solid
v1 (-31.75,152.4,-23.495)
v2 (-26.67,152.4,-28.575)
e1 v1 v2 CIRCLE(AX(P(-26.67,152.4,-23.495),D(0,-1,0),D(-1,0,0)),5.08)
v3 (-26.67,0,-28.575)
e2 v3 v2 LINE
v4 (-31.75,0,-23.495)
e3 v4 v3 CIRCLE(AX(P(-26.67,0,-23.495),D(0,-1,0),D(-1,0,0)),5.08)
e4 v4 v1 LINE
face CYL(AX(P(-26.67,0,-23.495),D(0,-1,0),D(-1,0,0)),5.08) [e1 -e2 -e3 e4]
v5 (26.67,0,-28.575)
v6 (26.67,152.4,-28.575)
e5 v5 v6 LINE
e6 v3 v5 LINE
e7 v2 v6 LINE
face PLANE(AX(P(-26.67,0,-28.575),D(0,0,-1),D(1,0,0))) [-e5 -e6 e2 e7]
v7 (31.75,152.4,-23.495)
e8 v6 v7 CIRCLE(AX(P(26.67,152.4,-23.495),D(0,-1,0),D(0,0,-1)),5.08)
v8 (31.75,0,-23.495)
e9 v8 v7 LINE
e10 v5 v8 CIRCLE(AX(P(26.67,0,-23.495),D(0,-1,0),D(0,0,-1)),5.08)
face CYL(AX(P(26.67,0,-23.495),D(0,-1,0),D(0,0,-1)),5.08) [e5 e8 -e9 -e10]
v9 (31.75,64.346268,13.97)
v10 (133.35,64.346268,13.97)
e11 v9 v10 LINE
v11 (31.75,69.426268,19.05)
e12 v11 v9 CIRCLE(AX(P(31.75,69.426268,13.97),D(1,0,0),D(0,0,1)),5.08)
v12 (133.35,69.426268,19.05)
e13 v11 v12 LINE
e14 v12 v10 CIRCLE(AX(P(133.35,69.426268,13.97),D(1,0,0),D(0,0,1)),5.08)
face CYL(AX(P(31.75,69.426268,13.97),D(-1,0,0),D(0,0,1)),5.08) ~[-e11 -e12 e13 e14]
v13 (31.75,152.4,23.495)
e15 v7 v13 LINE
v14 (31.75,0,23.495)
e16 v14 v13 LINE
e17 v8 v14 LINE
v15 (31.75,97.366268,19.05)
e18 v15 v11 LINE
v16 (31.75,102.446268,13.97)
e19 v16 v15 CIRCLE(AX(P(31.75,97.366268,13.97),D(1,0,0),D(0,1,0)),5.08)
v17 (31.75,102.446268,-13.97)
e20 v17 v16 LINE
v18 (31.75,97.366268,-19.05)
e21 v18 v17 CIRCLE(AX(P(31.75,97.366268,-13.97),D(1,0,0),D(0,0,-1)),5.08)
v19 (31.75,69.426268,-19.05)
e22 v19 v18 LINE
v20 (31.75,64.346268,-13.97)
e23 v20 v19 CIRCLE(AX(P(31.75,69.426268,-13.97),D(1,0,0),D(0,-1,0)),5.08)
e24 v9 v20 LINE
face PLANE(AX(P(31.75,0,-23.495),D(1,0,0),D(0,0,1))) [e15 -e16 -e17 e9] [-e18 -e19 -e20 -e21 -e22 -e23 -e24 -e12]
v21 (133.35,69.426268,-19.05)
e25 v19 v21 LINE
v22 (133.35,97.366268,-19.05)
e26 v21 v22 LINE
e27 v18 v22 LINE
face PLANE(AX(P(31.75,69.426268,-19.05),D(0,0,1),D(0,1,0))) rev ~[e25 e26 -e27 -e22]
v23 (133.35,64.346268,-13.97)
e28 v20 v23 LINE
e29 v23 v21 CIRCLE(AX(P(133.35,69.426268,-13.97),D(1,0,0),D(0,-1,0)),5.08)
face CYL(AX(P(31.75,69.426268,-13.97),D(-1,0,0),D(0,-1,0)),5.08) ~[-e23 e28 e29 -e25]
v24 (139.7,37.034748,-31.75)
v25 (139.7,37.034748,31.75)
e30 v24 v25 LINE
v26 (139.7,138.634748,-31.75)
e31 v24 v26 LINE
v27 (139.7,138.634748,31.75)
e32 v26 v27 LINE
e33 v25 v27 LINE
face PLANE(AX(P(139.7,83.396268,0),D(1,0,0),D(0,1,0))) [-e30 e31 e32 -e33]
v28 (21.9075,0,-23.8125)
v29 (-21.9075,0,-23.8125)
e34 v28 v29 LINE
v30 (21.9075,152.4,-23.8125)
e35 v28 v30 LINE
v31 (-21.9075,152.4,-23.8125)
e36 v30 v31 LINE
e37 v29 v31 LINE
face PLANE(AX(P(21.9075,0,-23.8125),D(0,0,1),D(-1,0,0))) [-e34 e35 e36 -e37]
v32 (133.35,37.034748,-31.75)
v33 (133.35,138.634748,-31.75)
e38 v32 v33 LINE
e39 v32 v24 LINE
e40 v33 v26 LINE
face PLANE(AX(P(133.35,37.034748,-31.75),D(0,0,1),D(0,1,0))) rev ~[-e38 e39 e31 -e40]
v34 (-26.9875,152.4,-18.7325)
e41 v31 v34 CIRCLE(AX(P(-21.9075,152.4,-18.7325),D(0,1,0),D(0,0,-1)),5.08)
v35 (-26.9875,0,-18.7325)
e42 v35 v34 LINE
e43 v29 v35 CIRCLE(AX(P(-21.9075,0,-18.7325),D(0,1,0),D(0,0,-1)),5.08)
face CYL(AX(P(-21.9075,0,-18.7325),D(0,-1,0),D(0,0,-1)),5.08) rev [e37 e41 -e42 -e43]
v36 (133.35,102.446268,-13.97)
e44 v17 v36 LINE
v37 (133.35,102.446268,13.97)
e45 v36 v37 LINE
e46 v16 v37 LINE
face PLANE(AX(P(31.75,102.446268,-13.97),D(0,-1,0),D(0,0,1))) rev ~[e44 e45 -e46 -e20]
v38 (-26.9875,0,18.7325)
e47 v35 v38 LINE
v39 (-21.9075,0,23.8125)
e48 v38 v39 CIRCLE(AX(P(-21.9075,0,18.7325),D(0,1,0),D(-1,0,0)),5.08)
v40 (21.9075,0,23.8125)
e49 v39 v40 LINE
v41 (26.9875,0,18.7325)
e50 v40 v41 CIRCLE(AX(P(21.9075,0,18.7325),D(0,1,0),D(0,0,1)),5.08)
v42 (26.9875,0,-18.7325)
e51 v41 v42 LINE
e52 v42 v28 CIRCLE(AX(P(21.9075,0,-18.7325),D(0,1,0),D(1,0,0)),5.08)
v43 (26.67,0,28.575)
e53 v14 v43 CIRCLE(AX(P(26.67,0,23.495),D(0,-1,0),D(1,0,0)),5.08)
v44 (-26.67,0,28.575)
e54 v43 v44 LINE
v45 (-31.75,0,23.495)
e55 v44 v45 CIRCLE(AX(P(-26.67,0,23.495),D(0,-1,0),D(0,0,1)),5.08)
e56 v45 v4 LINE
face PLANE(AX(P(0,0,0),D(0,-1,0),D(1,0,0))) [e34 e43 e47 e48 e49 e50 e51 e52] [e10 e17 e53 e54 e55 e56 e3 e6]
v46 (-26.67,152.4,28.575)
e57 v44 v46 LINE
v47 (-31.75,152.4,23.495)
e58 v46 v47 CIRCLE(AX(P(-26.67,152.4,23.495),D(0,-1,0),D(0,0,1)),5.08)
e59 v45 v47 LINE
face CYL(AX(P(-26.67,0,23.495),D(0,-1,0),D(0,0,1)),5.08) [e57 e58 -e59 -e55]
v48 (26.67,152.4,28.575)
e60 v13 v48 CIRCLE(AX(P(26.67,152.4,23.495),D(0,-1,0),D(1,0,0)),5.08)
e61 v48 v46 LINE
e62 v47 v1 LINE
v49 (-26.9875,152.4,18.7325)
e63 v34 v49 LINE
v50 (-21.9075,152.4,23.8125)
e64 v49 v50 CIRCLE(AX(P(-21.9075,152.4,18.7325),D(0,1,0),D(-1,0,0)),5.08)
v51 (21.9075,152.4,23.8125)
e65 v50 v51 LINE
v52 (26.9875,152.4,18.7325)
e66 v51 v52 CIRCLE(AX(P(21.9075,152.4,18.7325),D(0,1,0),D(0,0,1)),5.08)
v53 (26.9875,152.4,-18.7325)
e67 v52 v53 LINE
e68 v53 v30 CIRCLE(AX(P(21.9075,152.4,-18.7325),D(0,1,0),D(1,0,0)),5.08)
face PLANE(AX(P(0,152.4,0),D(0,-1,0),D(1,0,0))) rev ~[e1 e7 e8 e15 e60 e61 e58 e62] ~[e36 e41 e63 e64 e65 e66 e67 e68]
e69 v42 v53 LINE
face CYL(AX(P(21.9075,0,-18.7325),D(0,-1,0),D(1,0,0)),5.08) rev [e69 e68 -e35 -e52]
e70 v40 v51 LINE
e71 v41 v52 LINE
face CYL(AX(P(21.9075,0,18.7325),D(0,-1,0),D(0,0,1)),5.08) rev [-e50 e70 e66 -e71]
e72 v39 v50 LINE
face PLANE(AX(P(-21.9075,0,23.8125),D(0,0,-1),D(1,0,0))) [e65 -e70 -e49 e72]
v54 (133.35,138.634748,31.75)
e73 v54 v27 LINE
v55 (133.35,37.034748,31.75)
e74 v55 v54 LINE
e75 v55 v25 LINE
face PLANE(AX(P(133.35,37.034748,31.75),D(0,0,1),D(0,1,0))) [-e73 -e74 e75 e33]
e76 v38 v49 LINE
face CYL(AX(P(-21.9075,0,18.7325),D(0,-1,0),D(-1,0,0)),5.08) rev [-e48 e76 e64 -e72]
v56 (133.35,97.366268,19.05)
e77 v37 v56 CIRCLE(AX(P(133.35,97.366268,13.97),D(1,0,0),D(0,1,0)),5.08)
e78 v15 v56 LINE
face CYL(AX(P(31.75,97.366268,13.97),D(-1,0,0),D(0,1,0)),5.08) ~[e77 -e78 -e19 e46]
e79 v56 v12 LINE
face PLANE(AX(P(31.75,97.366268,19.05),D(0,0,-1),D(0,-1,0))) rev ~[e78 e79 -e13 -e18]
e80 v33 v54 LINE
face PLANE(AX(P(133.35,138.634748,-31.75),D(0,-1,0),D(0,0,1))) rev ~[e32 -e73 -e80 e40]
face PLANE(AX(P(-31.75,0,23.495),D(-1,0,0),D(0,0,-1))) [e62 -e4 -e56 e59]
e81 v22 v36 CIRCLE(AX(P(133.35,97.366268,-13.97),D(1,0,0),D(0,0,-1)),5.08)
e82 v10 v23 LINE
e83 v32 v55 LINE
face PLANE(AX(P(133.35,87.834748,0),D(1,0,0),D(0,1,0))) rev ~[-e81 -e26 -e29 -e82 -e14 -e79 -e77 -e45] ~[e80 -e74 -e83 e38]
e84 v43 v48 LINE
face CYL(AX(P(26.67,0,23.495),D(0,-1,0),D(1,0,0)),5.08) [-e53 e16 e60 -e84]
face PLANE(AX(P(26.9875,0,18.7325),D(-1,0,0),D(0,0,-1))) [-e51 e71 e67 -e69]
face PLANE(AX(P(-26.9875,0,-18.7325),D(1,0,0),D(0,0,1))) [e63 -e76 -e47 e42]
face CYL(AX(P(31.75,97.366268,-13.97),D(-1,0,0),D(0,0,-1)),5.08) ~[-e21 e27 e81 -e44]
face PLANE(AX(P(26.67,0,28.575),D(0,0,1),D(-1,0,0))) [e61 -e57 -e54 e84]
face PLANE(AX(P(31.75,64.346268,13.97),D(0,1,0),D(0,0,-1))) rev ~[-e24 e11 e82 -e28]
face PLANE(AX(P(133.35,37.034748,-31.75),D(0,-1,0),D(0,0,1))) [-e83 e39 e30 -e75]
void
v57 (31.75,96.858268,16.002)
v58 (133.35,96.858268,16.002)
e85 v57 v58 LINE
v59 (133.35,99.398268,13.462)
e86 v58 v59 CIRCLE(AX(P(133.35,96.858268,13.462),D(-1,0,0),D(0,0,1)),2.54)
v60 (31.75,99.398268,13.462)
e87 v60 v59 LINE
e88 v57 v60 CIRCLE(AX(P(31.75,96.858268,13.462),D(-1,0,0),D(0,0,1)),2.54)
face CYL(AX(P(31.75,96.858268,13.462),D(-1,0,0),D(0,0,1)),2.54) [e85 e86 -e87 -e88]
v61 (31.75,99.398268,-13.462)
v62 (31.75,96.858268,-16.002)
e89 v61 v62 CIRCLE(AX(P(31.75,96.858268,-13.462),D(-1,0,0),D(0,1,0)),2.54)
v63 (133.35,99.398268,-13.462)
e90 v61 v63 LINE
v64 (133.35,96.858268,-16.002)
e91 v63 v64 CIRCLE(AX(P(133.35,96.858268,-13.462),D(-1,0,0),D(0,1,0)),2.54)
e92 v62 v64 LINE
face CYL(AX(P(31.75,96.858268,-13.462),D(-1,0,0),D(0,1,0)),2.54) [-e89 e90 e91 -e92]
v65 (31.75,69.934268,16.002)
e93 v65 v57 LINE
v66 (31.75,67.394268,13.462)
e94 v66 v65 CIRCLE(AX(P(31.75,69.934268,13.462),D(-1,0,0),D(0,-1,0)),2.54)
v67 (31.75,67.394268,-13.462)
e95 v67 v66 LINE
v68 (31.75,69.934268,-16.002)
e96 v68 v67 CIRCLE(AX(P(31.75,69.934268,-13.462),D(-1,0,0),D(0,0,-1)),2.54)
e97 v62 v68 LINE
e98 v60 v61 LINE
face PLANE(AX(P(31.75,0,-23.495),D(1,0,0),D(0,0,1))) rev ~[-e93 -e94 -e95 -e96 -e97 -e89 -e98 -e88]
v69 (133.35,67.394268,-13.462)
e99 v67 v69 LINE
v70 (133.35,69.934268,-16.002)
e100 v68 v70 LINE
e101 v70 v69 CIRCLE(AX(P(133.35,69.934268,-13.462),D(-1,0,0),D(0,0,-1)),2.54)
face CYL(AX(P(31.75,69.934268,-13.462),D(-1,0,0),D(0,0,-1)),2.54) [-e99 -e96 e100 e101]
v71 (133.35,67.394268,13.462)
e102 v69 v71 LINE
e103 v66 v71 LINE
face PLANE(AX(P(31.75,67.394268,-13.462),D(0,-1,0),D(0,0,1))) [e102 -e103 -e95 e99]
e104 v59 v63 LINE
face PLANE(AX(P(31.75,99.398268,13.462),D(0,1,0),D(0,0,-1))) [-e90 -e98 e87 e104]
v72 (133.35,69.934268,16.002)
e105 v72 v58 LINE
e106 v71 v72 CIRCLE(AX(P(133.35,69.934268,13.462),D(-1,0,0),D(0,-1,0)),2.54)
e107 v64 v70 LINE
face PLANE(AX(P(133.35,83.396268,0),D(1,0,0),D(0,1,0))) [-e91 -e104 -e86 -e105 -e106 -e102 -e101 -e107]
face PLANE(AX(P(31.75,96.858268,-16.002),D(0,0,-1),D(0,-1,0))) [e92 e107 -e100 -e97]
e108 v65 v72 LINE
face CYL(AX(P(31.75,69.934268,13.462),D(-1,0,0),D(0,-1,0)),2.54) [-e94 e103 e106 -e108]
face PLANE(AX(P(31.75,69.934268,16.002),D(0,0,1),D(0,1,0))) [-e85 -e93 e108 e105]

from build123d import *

# Parameters (mm, degrees)
F1_DEPTH = 152.4
F3_DEPTH = 101.6
F5_W     = 101.6
F5_H     = 63.5
F6_DEPTH = 6.35


with BuildPart() as f1:
    # F0 (on Front) → F1 (new body)
    with BuildSketch(Plane.XZ):
        with BuildLine():
            Line((-26.67, -28.575), (26.67, -28.575))
            ThreePointArc((26.67, -28.575), (30.2621024484, -27.0871024484), (31.75, -23.495))
            Line((31.75, -23.495), (31.75, 23.495))
            ThreePointArc((31.75, 23.495), (30.2621024484, 27.0871024484), (26.67, 28.575))
            Line((26.67, 28.575), (-26.67, 28.575))
            ThreePointArc((-26.67, 28.575), (-30.2621024484, 27.0871024484), (-31.75, 23.495))
            Line((-31.75, 23.495), (-31.75, -23.495))
            ThreePointArc((-31.75, -23.495), (-30.2621024484, -27.0871024484), (-26.67, -28.575))
        make_face()
        with BuildLine():
            Line((-21.9075, 23.8125), (21.9075, 23.8125))
            ThreePointArc((21.9075, 23.8125), (25.4996024484, 22.3246024484), (26.9875, 18.7325))
            Line((26.9875, 18.7325), (26.9875, -18.7325))
            ThreePointArc((26.9875, -18.7325), (25.4996024484, -22.3246024484), (21.9075, -23.8125))
            Line((21.9075, -23.8125), (-21.9075, -23.8125))
            ThreePointArc((-21.9075, -23.8125), (-25.4996024484, -22.3246024484), (-26.9875, -18.7325))
            Line((-26.9875, -18.7325), (-26.9875, 18.7325))
            ThreePointArc((-26.9875, 18.7325), (-25.4996024484, 22.3246024484), (-21.9075, 23.8125))
        make_face(mode=Mode.SUBTRACT)
    extrude(amount=-F1_DEPTH)

    # F2 (on face) → F3 (join)
    with BuildSketch(Plane.YZ.offset(31.75)):
        with BuildLine():
            Line((69.4262681528, -19.05), (97.3662681528, -19.05))
            ThreePointArc((97.3662681528, -19.05), (100.9583706013, -17.5621024484), (102.4462681528, -13.97))
            Line((102.4462681528, -13.97), (102.4462681528, 13.97))
            ThreePointArc((102.4462681528, 13.97), (100.9583706013, 17.5621024484), (97.3662681528, 19.05))
            Line((97.3662681528, 19.05), (69.4262681528, 19.05))
            ThreePointArc((69.4262681528, 19.05), (65.8341657044, 17.5621024484), (64.3462681528, 13.97))
            Line((64.3462681528, 13.97), (64.3462681528, -13.97))
            ThreePointArc((64.3462681528, -13.97), (65.8341657044, -17.5621024484), (69.4262681528, -19.05))
        make_face()
        with BuildLine():
            ThreePointArc((69.9342681528, -16.002), (68.1382169286, -15.2580512242), (67.3942681528, -13.462))
            Line((67.3942681528, -13.462), (67.3942681528, 13.462))
            ThreePointArc((67.3942681528, 13.462), (68.1382169286, 15.2580512242), (69.9342681528, 16.002))
            Line((69.9342681528, 16.002), (96.8582681528, 16.002))
            ThreePointArc((96.8582681528, 16.002), (98.6543193771, 15.2580512242), (99.3982681528, 13.462))
            Line((99.3982681528, 13.462), (99.3982681528, -13.462))
            ThreePointArc((99.3982681528, -13.462), (98.6543193771, -15.2580512242), (96.8582681528, -16.002))
            Line((96.8582681528, -16.002), (69.9342681528, -16.002))
        make_face(mode=Mode.SUBTRACT)
    extrude(amount=F3_DEPTH)

    # F4 (on face) + F5 (on face) → F6 (join)
    with BuildSketch(Plane.YZ.offset(133.35)):
        with BuildLine():
            ThreePointArc((64.3462681528, -13.97), (65.8341657044, -17.5621024484), (69.4262681528, -19.05))
            Line((69.4262681528, -19.05), (97.3662681528, -19.05))
            ThreePointArc((97.3662681528, -19.05), (100.9583706013, -17.5621024484), (102.4462681528, -13.97))
            Line((102.4462681528, -13.97), (102.4462681528, 13.97))
            ThreePointArc((102.4462681528, 13.97), (100.9583706013, 17.5621024484), (97.3662681528, 19.05))
            Line((97.3662681528, 19.05), (69.4262681528, 19.05))
            ThreePointArc((69.4262681528, 19.05), (65.8341657044, 17.5621024484), (64.3462681528, 13.97))
            Line((64.3462681528, 13.97), (64.3462681528, -13.97))
        make_face()
        with BuildLine():
            ThreePointArc((99.3982681528, -13.462), (98.6543193771, -15.2580512242), (96.8582681528, -16.002))
            Line((96.8582681528, -16.002), (69.9342681528, -16.002))
            ThreePointArc((69.9342681528, -16.002), (68.1382169286, -15.2580512242), (67.3942681528, -13.462))
            Line((67.3942681528, -13.462), (67.3942681528, 13.462))
            ThreePointArc((67.3942681528, 13.462), (68.1382169286, 15.2580512242), (69.9342681528, 16.002))
            Line((69.9342681528, 16.002), (96.8582681528, 16.002))
            ThreePointArc((96.8582681528, 16.002), (98.6543193771, 15.2580512242), (99.3982681528, 13.462))
            Line((99.3982681528, 13.462), (99.3982681528, -13.462))
        make_face(mode=Mode.SUBTRACT)
        with BuildLine():
            Line((69.9342681528, -16.002), (96.8582681528, -16.002))
            ThreePointArc((96.8582681528, -16.002), (98.6543193771, -15.2580512242), (99.3982681528, -13.462))
            Line((99.3982681528, -13.462), (99.3982681528, 13.462))
            ThreePointArc((99.3982681528, 13.462), (98.6543193771, 15.2580512242), (96.8582681528, 16.002))
            Line((96.8582681528, 16.002), (69.9342681528, 16.002))
            ThreePointArc((69.9342681528, 16.002), (68.1382169286, 15.2580512242), (67.3942681528, 13.462))
            Line((67.3942681528, 13.462), (67.3942681528, -13.462))
            ThreePointArc((67.3942681528, -13.462), (68.1382169286, -15.2580512242), (69.9342681528, -16.002))
        make_face()
    with BuildSketch(Plane.YZ.offset(133.35)):
        with Locations((87.8347480977, 0)):
            Rectangle(F5_W, F5_H)
        with BuildLine():
            ThreePointArc((102.4462681528, -13.97), (100.9583706013, -17.5621024484), (97.3662681528, -19.05))
            Line((97.3662681528, -19.05), (69.4262681528, -19.05))
            ThreePointArc((69.4262681528, -19.05), (65.8341657044, -17.5621024484), (64.3462681528, -13.97))
            Line((64.3462681528, -13.97), (64.3462681528, 13.97))
            ThreePointArc((64.3462681528, 13.97), (65.8341657044, 17.5621024484), (69.4262681528, 19.05))
            Line((69.4262681528, 19.05), (97.3662681528, 19.05))
            ThreePointArc((97.3662681528, 19.05), (100.9583706013, 17.5621024484), (102.4462681528, 13.97))
            Line((102.4462681528, 13.97), (102.4462681528, -13.97))
        make_face(mode=Mode.SUBTRACT)
    extrude(amount=F6_DEPTH)


solid = f1.part
